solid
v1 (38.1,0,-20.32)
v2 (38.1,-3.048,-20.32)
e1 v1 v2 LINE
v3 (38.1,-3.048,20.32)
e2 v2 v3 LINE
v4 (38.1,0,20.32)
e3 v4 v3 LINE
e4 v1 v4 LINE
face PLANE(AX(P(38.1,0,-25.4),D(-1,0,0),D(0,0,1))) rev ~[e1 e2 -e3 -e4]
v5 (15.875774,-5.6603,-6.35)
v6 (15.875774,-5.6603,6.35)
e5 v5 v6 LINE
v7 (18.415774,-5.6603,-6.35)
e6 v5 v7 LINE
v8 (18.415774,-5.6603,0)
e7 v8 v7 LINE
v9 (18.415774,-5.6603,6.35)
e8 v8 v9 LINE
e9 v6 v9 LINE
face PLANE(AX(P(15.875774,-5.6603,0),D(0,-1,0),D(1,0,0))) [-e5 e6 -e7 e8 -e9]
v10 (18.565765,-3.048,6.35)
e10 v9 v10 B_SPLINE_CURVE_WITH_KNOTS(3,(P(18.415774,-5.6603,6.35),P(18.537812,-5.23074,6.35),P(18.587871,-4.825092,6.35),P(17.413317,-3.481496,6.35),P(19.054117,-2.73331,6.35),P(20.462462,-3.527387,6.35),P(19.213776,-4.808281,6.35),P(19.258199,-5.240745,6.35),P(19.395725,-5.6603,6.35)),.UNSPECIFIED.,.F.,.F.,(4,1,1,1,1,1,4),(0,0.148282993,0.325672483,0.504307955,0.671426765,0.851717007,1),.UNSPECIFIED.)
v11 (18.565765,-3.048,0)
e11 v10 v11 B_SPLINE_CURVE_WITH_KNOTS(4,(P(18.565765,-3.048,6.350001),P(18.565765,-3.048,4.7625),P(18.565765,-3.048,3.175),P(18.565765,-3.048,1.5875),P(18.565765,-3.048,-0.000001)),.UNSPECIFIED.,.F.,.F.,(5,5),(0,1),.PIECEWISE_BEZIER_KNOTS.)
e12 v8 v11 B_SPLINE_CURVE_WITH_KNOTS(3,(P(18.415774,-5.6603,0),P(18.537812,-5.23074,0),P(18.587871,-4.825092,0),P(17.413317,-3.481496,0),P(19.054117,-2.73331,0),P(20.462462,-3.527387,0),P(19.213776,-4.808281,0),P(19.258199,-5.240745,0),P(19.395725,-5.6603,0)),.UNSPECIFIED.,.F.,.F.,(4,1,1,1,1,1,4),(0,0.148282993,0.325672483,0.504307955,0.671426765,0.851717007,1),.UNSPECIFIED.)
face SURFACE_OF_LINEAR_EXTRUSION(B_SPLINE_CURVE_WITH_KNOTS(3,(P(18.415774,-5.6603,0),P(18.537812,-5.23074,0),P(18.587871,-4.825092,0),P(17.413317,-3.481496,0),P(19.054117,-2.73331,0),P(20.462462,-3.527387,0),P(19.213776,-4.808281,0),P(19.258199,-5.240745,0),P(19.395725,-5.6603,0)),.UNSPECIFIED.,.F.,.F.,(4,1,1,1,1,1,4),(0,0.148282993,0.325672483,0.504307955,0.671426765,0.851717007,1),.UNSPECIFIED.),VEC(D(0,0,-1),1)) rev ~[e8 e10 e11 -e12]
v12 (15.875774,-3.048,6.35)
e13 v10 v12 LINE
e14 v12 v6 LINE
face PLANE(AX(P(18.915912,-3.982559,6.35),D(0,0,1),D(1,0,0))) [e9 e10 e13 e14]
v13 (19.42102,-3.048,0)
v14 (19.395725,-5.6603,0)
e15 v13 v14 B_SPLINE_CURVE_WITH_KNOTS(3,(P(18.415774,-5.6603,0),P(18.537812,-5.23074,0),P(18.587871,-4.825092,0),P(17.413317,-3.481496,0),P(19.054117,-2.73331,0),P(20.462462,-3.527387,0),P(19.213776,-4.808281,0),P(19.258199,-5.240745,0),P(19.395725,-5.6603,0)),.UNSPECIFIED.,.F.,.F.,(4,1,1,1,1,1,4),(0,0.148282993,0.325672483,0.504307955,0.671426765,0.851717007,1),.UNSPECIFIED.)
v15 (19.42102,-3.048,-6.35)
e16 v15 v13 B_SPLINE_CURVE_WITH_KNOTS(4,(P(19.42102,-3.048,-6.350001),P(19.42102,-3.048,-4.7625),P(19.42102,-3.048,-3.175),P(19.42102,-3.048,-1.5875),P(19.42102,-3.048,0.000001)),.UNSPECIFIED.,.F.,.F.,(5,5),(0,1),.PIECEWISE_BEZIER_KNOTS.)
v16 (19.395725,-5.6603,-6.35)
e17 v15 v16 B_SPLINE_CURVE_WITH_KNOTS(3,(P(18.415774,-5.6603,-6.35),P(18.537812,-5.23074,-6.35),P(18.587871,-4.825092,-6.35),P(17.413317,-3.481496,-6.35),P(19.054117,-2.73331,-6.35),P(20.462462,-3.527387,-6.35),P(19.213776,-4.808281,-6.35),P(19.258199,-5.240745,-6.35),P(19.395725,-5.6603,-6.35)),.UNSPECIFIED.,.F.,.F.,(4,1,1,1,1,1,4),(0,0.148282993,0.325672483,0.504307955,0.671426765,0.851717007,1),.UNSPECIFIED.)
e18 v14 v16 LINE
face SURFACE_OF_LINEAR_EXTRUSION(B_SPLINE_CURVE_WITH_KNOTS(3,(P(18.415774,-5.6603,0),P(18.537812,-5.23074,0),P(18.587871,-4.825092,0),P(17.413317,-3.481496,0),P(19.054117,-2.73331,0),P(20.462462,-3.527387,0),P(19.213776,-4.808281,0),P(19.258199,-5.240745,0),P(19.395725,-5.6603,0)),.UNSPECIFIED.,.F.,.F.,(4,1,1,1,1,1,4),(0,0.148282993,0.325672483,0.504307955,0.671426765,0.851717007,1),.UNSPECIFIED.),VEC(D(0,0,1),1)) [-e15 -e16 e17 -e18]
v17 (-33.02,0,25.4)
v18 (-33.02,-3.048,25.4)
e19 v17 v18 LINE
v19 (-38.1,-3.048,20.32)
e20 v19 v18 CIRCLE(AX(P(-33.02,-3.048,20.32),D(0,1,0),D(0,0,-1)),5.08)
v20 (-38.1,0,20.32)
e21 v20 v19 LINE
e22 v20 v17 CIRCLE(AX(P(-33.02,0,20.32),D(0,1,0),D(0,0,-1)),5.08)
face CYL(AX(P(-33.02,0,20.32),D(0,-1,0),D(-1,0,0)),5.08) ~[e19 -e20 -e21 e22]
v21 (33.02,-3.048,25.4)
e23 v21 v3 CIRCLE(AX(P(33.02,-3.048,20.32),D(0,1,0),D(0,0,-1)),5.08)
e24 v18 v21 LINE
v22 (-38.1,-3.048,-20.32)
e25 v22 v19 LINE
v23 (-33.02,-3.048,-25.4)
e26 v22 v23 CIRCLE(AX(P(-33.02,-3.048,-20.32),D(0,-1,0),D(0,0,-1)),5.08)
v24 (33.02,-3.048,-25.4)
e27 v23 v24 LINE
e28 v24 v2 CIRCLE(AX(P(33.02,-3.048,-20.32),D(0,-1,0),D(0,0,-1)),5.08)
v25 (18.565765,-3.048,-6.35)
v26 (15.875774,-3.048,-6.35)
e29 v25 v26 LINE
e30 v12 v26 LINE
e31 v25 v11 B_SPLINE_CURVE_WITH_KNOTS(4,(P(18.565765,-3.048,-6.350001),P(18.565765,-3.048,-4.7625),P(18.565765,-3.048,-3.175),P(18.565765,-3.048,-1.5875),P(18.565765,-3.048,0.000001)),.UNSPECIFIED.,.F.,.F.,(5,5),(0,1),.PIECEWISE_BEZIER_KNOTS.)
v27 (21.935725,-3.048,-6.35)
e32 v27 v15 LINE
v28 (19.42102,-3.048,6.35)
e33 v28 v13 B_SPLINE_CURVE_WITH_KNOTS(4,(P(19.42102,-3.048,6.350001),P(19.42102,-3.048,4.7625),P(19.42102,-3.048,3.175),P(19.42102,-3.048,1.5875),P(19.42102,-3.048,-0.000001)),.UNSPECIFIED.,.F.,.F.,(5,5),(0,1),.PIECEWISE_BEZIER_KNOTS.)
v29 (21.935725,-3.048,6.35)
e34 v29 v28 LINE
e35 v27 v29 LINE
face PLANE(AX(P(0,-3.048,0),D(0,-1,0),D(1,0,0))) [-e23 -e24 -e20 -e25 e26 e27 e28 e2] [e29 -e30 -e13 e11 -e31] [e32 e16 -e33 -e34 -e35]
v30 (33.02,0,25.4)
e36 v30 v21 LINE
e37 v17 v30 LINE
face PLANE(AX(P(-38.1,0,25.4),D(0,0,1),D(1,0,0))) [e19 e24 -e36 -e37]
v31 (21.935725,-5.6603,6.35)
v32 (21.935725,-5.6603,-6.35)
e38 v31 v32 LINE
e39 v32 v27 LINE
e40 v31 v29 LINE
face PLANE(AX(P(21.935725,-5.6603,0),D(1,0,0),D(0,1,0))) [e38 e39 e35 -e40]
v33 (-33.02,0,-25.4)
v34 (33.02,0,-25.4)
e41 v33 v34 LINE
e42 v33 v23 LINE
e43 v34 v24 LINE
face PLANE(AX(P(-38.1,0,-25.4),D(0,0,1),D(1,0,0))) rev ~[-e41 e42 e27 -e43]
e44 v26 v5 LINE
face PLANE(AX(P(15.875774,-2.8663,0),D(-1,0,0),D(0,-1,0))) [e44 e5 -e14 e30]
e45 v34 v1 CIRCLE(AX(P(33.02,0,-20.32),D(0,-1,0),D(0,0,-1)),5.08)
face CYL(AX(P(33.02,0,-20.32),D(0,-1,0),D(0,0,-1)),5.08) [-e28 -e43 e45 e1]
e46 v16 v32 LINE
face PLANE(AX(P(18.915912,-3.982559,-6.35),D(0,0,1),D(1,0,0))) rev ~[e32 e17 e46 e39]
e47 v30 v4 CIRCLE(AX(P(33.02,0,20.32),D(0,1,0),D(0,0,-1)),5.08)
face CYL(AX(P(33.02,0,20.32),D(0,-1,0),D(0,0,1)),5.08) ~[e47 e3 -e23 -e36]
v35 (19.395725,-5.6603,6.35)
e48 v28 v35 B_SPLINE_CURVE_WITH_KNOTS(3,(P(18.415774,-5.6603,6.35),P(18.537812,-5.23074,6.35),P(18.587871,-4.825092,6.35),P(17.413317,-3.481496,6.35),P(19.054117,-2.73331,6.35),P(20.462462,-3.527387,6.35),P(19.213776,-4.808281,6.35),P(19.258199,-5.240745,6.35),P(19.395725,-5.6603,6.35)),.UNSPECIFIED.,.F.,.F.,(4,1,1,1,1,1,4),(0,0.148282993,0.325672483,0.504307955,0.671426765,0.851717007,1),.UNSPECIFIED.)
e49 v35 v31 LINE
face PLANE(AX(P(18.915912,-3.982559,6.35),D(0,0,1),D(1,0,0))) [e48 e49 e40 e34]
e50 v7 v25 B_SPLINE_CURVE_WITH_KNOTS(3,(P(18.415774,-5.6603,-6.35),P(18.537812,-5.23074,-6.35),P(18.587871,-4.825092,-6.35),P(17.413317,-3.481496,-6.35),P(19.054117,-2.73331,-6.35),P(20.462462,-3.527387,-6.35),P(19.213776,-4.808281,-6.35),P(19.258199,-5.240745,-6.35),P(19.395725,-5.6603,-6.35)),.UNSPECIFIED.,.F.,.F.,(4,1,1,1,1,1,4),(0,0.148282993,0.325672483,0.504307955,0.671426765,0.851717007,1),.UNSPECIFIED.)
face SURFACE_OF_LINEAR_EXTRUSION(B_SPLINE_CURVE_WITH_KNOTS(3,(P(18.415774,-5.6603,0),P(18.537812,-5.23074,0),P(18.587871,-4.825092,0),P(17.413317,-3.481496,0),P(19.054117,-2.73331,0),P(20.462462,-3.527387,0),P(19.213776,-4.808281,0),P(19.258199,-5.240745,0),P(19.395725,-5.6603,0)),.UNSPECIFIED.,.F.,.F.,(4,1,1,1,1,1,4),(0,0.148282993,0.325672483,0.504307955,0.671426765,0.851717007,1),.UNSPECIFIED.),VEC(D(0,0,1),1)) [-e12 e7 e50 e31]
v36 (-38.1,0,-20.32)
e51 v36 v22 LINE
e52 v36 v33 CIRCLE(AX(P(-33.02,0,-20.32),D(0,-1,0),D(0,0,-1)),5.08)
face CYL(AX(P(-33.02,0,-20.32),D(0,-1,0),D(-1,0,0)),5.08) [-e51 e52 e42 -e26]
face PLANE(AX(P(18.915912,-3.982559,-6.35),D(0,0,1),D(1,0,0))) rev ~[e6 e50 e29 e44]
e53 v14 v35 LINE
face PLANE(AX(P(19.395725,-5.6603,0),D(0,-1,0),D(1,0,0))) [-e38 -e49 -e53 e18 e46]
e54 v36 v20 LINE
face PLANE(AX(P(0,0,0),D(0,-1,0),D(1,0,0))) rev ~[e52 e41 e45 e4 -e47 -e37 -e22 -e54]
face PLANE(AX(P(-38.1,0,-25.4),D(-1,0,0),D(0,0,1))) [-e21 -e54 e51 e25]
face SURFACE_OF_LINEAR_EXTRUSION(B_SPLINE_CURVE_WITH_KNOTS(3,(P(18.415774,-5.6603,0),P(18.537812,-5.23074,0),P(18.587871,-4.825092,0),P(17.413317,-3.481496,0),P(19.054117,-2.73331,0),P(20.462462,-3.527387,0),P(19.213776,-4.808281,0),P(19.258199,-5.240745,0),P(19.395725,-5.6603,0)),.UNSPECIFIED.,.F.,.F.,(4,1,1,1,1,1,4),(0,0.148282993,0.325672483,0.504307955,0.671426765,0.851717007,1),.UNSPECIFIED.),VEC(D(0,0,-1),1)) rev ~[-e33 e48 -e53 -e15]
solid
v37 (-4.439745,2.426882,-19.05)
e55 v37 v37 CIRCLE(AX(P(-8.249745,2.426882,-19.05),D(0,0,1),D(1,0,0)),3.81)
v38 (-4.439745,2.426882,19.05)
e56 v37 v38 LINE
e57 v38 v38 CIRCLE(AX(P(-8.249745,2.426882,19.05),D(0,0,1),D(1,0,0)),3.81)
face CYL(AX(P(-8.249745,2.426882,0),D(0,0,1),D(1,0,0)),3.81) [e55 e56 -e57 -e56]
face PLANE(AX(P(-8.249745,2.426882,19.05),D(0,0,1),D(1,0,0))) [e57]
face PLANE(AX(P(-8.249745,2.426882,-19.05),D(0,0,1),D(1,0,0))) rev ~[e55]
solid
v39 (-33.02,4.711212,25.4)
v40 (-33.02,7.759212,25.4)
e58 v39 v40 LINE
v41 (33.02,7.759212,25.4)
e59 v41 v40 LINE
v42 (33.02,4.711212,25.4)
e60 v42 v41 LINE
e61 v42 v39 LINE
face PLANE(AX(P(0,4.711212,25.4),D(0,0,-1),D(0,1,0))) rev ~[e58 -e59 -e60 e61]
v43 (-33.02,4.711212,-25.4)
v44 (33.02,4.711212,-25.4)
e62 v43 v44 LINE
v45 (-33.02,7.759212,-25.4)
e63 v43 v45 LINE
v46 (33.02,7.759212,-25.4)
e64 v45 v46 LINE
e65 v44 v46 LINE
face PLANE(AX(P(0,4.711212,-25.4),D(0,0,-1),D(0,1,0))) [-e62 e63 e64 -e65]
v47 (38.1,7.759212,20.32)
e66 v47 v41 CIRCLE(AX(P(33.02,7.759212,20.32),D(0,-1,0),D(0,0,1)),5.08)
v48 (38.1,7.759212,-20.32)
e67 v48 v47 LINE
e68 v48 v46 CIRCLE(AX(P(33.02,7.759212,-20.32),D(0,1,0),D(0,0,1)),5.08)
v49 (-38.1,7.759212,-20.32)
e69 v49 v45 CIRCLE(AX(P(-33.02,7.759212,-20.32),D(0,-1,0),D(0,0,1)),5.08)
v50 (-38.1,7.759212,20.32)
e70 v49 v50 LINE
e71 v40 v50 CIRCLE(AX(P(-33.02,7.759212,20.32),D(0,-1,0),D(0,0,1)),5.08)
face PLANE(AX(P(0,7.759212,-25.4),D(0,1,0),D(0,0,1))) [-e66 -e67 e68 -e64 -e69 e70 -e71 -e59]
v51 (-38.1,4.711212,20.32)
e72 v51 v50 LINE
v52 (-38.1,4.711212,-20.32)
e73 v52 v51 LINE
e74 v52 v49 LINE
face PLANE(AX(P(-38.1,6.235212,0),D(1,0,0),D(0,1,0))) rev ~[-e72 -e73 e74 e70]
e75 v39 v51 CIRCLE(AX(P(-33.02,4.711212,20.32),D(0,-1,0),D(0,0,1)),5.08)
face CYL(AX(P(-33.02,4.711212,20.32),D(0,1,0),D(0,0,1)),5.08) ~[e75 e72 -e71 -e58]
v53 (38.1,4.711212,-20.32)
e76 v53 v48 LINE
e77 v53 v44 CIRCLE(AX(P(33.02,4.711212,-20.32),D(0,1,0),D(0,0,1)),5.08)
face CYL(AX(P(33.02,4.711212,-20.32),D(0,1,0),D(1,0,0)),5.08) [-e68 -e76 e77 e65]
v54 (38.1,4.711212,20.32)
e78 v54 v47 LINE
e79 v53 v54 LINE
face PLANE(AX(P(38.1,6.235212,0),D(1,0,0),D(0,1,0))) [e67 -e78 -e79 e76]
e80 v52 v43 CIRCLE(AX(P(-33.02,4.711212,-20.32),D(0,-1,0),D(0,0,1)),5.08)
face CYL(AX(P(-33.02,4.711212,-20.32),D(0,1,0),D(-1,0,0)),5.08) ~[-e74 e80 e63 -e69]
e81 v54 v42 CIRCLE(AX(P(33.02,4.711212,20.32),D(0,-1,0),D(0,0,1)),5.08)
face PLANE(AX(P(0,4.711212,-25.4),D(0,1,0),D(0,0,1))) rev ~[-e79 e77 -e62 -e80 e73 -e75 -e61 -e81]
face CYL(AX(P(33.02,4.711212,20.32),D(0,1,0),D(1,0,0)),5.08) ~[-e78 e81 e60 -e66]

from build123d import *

# Parameters (mm, degrees)
F0_W     = 76.2
F0_H     = 50.8
F1_DEPTH = 3.048
F2_R     = 3.81
F3_DEPTH = 19.05
F4_W     = 3.048
F4_H     = 50.8
F5_DEPTH = 38.1
F7_DEPTH = 6.35
F8_R     = 5.08
F8_2_R   = 5.08


with BuildPart() as f1:
    # F0 (on Front) → F1 (new body)
    with BuildSketch(Plane.XZ):
        Rectangle(F0_W, F0_H)
    extrude(amount=F1_DEPTH)

    # F6 (on Top) → F7 (join, symmetric)
    with BuildSketch(Plane.XY):
        with BuildLine():
            Line((15.8757737679, -2.8663004731), (15.8757737679, -5.6603004731))
            Line((15.8757737679, -5.6603004731), (18.4157737679, -5.6603004731))
            add(Edge.make_bspline(
                [(18.4157737679, -5.6603004731), (18.5378119349, -5.2307397127), (18.587871301, -4.8250919449), (17.4133170665, -3.481495643), (19.0541167471, -2.7333095545), (20.4624615392, -3.5273871295), (19.2137760288, -4.8082813428), (19.2581992596, -5.2407453768), (19.3957253211, -5.6603004731)],
                knots=[0, 0, 0, 0, 0.1482829935, 0.3256724834, 0.5043079551, 0.6714267649, 0.8517170065, 1, 1, 1, 1], degree=3))
            Line((19.3957253211, -5.6603004731), (21.9357253211, -5.6603004731))
            Line((21.9357253211, -5.6603004731), (21.9357253211, -2.8663004731))
            add(Edge.make_bspline(
                [(15.8757737679, -2.8663004731), (16.3097436066, -2.6514092968), (18.9049454854, -1.1739170041), (21.5033636007, -2.6444883167), (21.9357253211, -2.8663004731)],
                knots=[0, 0, 0, 0, 0.5, 1, 1, 1, 1], degree=3))
        make_face()
    extrude(amount=F7_DEPTH, both=True)

    # F8
    f8_edges = [f1.edges().sort_by_distance(p)[0] for p in [
        (38.1, -1.524, -25.4),
        (-38.1, -1.524, -25.4),
        (38.1, -1.524, 25.4),
        (-38.1, -1.524, 25.4),
    ]]
    fillet(f8_edges, radius=F8_R)


with BuildPart() as f3:
    # F2 (on Top) → F3 (new body, symmetric)
    with BuildSketch(Plane.XY):
        with Locations((-8.2497447729, 2.4268818088)):
            Circle(F2_R)
    extrude(amount=F3_DEPTH, both=True)


with BuildPart() as f5:
    # F4 (on Right) → F5 (new body, symmetric)
    with BuildSketch(Plane.YZ):
        with Locations((6.2352120028, 0)):
            Rectangle(F4_W, F4_H)
    extrude(amount=F5_DEPTH, both=True)

    # F8#2
    f8_2_edges = [f5.edges().sort_by_distance(p)[0] for p in [
        (38.1, 6.235212, -25.4),
        (-38.1, 6.235212, -25.4),
        (38.1, 6.235212, 25.4),
        (-38.1, 6.235212, 25.4),
    ]]
    fillet(f8_2_edges, radius=F8_2_R)


solid = Compound([f1.part, f3.part, f5.part])
